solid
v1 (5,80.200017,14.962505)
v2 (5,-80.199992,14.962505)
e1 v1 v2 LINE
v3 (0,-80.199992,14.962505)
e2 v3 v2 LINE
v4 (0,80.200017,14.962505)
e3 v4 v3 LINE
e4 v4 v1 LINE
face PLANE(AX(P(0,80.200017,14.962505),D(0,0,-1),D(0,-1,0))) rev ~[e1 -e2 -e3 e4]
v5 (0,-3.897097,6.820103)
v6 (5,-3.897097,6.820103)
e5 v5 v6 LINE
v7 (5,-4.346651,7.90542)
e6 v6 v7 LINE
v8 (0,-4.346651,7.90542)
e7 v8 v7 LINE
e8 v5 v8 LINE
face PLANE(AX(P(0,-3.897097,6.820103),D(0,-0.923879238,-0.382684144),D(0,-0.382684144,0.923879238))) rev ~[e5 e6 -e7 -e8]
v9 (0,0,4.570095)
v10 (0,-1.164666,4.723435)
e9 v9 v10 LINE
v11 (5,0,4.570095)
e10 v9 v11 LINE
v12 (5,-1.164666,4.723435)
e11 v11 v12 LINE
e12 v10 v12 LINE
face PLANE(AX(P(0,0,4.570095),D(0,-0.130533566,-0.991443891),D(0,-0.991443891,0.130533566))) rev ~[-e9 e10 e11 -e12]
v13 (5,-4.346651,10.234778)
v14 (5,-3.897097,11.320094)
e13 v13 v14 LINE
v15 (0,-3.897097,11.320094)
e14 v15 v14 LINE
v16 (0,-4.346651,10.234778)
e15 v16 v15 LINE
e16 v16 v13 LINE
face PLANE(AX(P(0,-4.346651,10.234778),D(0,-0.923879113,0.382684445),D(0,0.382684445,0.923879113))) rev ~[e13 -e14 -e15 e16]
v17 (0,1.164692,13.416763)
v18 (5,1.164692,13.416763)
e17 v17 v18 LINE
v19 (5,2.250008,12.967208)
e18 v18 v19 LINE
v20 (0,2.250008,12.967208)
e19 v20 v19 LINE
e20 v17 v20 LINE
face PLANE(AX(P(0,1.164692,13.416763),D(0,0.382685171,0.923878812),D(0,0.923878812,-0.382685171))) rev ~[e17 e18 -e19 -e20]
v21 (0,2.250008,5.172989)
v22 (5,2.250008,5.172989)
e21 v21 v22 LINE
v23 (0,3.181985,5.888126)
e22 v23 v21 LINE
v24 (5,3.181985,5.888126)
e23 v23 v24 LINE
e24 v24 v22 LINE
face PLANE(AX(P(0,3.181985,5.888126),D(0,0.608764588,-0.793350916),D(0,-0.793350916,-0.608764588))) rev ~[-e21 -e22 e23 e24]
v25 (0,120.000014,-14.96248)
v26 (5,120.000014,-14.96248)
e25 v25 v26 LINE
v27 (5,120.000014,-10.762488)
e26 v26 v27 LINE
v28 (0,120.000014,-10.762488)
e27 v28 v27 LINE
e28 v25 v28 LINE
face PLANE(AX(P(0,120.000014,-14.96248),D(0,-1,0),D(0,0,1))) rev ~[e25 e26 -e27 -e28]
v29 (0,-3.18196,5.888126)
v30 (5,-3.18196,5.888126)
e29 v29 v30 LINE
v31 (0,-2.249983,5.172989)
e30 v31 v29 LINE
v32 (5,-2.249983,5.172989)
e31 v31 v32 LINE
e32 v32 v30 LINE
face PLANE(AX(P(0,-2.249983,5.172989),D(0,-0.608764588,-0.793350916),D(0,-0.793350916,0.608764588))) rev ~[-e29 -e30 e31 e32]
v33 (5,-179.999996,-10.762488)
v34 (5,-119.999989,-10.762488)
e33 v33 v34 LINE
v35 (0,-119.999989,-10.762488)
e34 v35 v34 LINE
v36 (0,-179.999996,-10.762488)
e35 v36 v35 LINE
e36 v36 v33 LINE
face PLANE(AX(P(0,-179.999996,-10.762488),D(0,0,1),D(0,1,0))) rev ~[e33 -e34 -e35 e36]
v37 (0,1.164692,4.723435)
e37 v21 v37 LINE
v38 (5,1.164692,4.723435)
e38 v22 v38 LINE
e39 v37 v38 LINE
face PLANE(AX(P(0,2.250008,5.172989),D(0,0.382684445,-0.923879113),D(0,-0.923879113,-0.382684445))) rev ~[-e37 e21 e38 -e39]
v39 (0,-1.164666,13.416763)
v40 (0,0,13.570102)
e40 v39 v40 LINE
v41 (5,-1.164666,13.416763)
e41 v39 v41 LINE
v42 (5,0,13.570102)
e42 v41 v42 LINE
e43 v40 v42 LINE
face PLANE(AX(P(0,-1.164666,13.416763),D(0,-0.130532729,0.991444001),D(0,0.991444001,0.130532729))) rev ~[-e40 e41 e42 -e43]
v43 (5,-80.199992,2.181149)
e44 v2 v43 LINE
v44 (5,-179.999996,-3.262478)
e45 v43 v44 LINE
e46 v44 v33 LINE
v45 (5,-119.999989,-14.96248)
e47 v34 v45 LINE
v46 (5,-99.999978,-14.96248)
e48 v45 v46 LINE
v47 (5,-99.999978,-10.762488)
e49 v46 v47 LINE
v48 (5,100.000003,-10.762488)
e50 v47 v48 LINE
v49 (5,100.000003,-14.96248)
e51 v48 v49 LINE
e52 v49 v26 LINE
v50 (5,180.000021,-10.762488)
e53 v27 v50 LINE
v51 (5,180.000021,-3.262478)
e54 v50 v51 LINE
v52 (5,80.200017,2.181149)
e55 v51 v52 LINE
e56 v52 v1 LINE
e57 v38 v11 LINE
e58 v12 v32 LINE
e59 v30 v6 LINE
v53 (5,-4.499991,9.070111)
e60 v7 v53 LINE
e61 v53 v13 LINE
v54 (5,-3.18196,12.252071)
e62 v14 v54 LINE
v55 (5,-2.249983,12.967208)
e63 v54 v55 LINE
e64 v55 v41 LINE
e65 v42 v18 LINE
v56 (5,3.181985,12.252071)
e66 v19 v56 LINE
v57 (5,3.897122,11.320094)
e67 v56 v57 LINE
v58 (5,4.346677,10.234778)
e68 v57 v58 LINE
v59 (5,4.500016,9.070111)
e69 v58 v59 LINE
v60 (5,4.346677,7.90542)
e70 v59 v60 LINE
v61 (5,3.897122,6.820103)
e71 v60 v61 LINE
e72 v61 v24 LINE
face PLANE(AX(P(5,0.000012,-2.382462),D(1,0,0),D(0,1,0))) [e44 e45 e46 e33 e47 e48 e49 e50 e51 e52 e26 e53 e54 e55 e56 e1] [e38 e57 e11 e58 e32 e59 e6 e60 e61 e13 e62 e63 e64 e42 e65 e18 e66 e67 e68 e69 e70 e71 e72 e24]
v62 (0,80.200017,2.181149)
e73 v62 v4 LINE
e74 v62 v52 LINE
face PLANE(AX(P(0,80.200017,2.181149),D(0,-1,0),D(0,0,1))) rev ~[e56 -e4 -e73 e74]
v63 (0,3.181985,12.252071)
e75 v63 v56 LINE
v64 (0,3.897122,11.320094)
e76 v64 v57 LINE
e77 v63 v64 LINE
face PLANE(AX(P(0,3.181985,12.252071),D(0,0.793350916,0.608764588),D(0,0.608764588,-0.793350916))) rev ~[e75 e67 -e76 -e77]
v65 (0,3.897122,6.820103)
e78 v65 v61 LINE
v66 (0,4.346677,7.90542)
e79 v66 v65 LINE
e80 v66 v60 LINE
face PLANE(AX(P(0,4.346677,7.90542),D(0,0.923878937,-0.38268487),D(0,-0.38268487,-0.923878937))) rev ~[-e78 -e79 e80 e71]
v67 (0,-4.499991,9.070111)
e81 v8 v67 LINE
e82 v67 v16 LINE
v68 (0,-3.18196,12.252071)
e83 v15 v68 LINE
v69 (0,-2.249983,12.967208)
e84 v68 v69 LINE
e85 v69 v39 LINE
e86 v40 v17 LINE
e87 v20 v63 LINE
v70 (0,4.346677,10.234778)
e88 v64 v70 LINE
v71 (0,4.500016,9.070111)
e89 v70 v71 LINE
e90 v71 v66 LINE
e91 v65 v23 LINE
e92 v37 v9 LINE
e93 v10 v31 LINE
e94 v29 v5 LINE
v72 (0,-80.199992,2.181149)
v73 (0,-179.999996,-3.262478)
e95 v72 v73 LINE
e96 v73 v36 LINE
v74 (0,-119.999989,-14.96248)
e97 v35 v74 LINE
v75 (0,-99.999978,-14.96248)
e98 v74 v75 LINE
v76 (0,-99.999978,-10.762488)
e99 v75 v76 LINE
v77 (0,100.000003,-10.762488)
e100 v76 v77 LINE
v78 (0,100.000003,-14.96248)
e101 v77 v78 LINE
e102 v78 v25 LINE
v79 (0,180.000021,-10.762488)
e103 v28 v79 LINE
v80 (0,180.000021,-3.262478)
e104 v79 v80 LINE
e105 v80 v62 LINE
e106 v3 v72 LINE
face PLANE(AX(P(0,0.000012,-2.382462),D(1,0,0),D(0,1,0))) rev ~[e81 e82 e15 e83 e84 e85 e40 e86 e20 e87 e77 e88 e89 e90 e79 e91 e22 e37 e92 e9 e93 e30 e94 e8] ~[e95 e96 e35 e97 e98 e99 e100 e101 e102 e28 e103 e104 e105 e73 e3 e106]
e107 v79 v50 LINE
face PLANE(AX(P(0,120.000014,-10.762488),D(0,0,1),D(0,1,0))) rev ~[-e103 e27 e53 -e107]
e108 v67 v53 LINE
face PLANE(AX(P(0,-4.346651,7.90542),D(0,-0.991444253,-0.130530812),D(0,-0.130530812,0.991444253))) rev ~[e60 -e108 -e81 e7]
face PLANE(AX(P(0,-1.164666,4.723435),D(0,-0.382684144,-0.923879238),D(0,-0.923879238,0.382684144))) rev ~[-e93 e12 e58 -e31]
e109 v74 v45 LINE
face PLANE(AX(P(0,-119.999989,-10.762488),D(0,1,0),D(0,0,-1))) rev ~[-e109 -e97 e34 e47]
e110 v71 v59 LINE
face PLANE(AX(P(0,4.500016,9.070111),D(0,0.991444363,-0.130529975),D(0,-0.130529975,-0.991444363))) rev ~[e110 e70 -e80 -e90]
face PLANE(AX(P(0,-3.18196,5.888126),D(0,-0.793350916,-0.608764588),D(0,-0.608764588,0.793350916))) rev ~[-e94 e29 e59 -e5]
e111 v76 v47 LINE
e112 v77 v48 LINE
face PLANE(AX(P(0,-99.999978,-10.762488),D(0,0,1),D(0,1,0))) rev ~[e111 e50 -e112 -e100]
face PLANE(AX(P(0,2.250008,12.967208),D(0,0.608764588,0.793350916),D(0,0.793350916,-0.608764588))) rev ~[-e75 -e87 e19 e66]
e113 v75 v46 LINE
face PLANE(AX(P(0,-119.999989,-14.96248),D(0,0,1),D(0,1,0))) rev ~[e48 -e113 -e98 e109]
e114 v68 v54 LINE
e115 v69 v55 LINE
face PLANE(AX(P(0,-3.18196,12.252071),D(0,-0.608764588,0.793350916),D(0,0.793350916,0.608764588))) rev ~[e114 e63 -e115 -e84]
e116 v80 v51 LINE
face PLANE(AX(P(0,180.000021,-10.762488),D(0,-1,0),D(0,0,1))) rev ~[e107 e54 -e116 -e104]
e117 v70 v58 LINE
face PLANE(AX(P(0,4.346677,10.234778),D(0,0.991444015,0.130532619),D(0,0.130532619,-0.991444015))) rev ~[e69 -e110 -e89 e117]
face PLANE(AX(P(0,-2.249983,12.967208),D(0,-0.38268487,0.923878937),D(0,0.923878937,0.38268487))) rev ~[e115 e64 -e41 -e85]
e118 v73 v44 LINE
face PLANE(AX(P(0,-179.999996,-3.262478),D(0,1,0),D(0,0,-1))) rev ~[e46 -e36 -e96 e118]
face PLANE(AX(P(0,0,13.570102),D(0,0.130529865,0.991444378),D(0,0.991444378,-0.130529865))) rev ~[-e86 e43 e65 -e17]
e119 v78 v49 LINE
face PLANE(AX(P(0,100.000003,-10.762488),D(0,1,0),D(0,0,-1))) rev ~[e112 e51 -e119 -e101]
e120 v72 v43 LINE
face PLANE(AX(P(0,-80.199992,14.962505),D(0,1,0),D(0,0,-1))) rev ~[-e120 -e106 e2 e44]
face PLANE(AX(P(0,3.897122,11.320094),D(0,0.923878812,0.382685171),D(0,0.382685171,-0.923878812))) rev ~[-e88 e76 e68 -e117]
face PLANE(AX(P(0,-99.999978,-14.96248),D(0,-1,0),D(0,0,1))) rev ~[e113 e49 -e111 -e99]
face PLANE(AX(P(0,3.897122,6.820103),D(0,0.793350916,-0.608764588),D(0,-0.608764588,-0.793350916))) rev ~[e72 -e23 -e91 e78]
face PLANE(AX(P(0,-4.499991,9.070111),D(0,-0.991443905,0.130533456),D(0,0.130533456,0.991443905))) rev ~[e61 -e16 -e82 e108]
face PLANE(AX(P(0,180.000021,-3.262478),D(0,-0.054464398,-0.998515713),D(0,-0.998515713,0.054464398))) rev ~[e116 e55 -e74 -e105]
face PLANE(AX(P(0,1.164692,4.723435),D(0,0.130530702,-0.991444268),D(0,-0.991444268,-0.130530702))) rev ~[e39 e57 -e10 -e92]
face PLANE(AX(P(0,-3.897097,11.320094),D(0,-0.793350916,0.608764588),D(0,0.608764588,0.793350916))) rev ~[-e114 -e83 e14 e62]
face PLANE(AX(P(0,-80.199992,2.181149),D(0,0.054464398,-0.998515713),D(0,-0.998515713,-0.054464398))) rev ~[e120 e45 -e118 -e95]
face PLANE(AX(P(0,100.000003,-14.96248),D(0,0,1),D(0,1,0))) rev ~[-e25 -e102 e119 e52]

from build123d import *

# Parameters (mm, degrees)
F1_DEPTH = 5


with BuildPart() as f1:
    # F0 (on Right) → F1 (new body)
    with BuildSketch(Plane.YZ):
        Polygon((80.200017, 14.962505), (-80.199992, 14.962505), (-80.199992, 2.181149), (-179.999996, -3.262478), (-179.999996, -10.762488), (-119.999989, -10.762488), (-119.999989, -14.96248), (-99.999978, -14.96248), (-99.999978, -10.762488), (100.000003, -10.762488), (100.000003, -14.96248), (120.000014, -14.96248), (120.000014, -10.762488), (180.000021, -10.762488), (180.000021, -3.262478), (80.200017, 2.181149), align=None)
        Polygon((1.164692, 4.723435), (0, 4.570095), (-1.164666, 4.723435), (-2.249983, 5.172989), (-3.18196, 5.888126), (-3.897097, 6.820103), (-4.346651, 7.90542), (-4.499991, 9.070111), (-4.346651, 10.234778), (-3.897097, 11.320094), (-3.18196, 12.252071), (-2.249983, 12.967208), (-1.164666, 13.416763), (0, 13.570102), (1.164692, 13.416763), (2.250008, 12.967208), (3.181985, 12.252071), (3.897122, 11.320094), (4.346677, 10.234778), (4.500016, 9.070111), (4.346677, 7.90542), (3.897122, 6.820103), (3.181985, 5.888126), (2.250008, 5.172989), align=None, mode=Mode.SUBTRACT)
    extrude(amount=F1_DEPTH)


solid = f1.part
